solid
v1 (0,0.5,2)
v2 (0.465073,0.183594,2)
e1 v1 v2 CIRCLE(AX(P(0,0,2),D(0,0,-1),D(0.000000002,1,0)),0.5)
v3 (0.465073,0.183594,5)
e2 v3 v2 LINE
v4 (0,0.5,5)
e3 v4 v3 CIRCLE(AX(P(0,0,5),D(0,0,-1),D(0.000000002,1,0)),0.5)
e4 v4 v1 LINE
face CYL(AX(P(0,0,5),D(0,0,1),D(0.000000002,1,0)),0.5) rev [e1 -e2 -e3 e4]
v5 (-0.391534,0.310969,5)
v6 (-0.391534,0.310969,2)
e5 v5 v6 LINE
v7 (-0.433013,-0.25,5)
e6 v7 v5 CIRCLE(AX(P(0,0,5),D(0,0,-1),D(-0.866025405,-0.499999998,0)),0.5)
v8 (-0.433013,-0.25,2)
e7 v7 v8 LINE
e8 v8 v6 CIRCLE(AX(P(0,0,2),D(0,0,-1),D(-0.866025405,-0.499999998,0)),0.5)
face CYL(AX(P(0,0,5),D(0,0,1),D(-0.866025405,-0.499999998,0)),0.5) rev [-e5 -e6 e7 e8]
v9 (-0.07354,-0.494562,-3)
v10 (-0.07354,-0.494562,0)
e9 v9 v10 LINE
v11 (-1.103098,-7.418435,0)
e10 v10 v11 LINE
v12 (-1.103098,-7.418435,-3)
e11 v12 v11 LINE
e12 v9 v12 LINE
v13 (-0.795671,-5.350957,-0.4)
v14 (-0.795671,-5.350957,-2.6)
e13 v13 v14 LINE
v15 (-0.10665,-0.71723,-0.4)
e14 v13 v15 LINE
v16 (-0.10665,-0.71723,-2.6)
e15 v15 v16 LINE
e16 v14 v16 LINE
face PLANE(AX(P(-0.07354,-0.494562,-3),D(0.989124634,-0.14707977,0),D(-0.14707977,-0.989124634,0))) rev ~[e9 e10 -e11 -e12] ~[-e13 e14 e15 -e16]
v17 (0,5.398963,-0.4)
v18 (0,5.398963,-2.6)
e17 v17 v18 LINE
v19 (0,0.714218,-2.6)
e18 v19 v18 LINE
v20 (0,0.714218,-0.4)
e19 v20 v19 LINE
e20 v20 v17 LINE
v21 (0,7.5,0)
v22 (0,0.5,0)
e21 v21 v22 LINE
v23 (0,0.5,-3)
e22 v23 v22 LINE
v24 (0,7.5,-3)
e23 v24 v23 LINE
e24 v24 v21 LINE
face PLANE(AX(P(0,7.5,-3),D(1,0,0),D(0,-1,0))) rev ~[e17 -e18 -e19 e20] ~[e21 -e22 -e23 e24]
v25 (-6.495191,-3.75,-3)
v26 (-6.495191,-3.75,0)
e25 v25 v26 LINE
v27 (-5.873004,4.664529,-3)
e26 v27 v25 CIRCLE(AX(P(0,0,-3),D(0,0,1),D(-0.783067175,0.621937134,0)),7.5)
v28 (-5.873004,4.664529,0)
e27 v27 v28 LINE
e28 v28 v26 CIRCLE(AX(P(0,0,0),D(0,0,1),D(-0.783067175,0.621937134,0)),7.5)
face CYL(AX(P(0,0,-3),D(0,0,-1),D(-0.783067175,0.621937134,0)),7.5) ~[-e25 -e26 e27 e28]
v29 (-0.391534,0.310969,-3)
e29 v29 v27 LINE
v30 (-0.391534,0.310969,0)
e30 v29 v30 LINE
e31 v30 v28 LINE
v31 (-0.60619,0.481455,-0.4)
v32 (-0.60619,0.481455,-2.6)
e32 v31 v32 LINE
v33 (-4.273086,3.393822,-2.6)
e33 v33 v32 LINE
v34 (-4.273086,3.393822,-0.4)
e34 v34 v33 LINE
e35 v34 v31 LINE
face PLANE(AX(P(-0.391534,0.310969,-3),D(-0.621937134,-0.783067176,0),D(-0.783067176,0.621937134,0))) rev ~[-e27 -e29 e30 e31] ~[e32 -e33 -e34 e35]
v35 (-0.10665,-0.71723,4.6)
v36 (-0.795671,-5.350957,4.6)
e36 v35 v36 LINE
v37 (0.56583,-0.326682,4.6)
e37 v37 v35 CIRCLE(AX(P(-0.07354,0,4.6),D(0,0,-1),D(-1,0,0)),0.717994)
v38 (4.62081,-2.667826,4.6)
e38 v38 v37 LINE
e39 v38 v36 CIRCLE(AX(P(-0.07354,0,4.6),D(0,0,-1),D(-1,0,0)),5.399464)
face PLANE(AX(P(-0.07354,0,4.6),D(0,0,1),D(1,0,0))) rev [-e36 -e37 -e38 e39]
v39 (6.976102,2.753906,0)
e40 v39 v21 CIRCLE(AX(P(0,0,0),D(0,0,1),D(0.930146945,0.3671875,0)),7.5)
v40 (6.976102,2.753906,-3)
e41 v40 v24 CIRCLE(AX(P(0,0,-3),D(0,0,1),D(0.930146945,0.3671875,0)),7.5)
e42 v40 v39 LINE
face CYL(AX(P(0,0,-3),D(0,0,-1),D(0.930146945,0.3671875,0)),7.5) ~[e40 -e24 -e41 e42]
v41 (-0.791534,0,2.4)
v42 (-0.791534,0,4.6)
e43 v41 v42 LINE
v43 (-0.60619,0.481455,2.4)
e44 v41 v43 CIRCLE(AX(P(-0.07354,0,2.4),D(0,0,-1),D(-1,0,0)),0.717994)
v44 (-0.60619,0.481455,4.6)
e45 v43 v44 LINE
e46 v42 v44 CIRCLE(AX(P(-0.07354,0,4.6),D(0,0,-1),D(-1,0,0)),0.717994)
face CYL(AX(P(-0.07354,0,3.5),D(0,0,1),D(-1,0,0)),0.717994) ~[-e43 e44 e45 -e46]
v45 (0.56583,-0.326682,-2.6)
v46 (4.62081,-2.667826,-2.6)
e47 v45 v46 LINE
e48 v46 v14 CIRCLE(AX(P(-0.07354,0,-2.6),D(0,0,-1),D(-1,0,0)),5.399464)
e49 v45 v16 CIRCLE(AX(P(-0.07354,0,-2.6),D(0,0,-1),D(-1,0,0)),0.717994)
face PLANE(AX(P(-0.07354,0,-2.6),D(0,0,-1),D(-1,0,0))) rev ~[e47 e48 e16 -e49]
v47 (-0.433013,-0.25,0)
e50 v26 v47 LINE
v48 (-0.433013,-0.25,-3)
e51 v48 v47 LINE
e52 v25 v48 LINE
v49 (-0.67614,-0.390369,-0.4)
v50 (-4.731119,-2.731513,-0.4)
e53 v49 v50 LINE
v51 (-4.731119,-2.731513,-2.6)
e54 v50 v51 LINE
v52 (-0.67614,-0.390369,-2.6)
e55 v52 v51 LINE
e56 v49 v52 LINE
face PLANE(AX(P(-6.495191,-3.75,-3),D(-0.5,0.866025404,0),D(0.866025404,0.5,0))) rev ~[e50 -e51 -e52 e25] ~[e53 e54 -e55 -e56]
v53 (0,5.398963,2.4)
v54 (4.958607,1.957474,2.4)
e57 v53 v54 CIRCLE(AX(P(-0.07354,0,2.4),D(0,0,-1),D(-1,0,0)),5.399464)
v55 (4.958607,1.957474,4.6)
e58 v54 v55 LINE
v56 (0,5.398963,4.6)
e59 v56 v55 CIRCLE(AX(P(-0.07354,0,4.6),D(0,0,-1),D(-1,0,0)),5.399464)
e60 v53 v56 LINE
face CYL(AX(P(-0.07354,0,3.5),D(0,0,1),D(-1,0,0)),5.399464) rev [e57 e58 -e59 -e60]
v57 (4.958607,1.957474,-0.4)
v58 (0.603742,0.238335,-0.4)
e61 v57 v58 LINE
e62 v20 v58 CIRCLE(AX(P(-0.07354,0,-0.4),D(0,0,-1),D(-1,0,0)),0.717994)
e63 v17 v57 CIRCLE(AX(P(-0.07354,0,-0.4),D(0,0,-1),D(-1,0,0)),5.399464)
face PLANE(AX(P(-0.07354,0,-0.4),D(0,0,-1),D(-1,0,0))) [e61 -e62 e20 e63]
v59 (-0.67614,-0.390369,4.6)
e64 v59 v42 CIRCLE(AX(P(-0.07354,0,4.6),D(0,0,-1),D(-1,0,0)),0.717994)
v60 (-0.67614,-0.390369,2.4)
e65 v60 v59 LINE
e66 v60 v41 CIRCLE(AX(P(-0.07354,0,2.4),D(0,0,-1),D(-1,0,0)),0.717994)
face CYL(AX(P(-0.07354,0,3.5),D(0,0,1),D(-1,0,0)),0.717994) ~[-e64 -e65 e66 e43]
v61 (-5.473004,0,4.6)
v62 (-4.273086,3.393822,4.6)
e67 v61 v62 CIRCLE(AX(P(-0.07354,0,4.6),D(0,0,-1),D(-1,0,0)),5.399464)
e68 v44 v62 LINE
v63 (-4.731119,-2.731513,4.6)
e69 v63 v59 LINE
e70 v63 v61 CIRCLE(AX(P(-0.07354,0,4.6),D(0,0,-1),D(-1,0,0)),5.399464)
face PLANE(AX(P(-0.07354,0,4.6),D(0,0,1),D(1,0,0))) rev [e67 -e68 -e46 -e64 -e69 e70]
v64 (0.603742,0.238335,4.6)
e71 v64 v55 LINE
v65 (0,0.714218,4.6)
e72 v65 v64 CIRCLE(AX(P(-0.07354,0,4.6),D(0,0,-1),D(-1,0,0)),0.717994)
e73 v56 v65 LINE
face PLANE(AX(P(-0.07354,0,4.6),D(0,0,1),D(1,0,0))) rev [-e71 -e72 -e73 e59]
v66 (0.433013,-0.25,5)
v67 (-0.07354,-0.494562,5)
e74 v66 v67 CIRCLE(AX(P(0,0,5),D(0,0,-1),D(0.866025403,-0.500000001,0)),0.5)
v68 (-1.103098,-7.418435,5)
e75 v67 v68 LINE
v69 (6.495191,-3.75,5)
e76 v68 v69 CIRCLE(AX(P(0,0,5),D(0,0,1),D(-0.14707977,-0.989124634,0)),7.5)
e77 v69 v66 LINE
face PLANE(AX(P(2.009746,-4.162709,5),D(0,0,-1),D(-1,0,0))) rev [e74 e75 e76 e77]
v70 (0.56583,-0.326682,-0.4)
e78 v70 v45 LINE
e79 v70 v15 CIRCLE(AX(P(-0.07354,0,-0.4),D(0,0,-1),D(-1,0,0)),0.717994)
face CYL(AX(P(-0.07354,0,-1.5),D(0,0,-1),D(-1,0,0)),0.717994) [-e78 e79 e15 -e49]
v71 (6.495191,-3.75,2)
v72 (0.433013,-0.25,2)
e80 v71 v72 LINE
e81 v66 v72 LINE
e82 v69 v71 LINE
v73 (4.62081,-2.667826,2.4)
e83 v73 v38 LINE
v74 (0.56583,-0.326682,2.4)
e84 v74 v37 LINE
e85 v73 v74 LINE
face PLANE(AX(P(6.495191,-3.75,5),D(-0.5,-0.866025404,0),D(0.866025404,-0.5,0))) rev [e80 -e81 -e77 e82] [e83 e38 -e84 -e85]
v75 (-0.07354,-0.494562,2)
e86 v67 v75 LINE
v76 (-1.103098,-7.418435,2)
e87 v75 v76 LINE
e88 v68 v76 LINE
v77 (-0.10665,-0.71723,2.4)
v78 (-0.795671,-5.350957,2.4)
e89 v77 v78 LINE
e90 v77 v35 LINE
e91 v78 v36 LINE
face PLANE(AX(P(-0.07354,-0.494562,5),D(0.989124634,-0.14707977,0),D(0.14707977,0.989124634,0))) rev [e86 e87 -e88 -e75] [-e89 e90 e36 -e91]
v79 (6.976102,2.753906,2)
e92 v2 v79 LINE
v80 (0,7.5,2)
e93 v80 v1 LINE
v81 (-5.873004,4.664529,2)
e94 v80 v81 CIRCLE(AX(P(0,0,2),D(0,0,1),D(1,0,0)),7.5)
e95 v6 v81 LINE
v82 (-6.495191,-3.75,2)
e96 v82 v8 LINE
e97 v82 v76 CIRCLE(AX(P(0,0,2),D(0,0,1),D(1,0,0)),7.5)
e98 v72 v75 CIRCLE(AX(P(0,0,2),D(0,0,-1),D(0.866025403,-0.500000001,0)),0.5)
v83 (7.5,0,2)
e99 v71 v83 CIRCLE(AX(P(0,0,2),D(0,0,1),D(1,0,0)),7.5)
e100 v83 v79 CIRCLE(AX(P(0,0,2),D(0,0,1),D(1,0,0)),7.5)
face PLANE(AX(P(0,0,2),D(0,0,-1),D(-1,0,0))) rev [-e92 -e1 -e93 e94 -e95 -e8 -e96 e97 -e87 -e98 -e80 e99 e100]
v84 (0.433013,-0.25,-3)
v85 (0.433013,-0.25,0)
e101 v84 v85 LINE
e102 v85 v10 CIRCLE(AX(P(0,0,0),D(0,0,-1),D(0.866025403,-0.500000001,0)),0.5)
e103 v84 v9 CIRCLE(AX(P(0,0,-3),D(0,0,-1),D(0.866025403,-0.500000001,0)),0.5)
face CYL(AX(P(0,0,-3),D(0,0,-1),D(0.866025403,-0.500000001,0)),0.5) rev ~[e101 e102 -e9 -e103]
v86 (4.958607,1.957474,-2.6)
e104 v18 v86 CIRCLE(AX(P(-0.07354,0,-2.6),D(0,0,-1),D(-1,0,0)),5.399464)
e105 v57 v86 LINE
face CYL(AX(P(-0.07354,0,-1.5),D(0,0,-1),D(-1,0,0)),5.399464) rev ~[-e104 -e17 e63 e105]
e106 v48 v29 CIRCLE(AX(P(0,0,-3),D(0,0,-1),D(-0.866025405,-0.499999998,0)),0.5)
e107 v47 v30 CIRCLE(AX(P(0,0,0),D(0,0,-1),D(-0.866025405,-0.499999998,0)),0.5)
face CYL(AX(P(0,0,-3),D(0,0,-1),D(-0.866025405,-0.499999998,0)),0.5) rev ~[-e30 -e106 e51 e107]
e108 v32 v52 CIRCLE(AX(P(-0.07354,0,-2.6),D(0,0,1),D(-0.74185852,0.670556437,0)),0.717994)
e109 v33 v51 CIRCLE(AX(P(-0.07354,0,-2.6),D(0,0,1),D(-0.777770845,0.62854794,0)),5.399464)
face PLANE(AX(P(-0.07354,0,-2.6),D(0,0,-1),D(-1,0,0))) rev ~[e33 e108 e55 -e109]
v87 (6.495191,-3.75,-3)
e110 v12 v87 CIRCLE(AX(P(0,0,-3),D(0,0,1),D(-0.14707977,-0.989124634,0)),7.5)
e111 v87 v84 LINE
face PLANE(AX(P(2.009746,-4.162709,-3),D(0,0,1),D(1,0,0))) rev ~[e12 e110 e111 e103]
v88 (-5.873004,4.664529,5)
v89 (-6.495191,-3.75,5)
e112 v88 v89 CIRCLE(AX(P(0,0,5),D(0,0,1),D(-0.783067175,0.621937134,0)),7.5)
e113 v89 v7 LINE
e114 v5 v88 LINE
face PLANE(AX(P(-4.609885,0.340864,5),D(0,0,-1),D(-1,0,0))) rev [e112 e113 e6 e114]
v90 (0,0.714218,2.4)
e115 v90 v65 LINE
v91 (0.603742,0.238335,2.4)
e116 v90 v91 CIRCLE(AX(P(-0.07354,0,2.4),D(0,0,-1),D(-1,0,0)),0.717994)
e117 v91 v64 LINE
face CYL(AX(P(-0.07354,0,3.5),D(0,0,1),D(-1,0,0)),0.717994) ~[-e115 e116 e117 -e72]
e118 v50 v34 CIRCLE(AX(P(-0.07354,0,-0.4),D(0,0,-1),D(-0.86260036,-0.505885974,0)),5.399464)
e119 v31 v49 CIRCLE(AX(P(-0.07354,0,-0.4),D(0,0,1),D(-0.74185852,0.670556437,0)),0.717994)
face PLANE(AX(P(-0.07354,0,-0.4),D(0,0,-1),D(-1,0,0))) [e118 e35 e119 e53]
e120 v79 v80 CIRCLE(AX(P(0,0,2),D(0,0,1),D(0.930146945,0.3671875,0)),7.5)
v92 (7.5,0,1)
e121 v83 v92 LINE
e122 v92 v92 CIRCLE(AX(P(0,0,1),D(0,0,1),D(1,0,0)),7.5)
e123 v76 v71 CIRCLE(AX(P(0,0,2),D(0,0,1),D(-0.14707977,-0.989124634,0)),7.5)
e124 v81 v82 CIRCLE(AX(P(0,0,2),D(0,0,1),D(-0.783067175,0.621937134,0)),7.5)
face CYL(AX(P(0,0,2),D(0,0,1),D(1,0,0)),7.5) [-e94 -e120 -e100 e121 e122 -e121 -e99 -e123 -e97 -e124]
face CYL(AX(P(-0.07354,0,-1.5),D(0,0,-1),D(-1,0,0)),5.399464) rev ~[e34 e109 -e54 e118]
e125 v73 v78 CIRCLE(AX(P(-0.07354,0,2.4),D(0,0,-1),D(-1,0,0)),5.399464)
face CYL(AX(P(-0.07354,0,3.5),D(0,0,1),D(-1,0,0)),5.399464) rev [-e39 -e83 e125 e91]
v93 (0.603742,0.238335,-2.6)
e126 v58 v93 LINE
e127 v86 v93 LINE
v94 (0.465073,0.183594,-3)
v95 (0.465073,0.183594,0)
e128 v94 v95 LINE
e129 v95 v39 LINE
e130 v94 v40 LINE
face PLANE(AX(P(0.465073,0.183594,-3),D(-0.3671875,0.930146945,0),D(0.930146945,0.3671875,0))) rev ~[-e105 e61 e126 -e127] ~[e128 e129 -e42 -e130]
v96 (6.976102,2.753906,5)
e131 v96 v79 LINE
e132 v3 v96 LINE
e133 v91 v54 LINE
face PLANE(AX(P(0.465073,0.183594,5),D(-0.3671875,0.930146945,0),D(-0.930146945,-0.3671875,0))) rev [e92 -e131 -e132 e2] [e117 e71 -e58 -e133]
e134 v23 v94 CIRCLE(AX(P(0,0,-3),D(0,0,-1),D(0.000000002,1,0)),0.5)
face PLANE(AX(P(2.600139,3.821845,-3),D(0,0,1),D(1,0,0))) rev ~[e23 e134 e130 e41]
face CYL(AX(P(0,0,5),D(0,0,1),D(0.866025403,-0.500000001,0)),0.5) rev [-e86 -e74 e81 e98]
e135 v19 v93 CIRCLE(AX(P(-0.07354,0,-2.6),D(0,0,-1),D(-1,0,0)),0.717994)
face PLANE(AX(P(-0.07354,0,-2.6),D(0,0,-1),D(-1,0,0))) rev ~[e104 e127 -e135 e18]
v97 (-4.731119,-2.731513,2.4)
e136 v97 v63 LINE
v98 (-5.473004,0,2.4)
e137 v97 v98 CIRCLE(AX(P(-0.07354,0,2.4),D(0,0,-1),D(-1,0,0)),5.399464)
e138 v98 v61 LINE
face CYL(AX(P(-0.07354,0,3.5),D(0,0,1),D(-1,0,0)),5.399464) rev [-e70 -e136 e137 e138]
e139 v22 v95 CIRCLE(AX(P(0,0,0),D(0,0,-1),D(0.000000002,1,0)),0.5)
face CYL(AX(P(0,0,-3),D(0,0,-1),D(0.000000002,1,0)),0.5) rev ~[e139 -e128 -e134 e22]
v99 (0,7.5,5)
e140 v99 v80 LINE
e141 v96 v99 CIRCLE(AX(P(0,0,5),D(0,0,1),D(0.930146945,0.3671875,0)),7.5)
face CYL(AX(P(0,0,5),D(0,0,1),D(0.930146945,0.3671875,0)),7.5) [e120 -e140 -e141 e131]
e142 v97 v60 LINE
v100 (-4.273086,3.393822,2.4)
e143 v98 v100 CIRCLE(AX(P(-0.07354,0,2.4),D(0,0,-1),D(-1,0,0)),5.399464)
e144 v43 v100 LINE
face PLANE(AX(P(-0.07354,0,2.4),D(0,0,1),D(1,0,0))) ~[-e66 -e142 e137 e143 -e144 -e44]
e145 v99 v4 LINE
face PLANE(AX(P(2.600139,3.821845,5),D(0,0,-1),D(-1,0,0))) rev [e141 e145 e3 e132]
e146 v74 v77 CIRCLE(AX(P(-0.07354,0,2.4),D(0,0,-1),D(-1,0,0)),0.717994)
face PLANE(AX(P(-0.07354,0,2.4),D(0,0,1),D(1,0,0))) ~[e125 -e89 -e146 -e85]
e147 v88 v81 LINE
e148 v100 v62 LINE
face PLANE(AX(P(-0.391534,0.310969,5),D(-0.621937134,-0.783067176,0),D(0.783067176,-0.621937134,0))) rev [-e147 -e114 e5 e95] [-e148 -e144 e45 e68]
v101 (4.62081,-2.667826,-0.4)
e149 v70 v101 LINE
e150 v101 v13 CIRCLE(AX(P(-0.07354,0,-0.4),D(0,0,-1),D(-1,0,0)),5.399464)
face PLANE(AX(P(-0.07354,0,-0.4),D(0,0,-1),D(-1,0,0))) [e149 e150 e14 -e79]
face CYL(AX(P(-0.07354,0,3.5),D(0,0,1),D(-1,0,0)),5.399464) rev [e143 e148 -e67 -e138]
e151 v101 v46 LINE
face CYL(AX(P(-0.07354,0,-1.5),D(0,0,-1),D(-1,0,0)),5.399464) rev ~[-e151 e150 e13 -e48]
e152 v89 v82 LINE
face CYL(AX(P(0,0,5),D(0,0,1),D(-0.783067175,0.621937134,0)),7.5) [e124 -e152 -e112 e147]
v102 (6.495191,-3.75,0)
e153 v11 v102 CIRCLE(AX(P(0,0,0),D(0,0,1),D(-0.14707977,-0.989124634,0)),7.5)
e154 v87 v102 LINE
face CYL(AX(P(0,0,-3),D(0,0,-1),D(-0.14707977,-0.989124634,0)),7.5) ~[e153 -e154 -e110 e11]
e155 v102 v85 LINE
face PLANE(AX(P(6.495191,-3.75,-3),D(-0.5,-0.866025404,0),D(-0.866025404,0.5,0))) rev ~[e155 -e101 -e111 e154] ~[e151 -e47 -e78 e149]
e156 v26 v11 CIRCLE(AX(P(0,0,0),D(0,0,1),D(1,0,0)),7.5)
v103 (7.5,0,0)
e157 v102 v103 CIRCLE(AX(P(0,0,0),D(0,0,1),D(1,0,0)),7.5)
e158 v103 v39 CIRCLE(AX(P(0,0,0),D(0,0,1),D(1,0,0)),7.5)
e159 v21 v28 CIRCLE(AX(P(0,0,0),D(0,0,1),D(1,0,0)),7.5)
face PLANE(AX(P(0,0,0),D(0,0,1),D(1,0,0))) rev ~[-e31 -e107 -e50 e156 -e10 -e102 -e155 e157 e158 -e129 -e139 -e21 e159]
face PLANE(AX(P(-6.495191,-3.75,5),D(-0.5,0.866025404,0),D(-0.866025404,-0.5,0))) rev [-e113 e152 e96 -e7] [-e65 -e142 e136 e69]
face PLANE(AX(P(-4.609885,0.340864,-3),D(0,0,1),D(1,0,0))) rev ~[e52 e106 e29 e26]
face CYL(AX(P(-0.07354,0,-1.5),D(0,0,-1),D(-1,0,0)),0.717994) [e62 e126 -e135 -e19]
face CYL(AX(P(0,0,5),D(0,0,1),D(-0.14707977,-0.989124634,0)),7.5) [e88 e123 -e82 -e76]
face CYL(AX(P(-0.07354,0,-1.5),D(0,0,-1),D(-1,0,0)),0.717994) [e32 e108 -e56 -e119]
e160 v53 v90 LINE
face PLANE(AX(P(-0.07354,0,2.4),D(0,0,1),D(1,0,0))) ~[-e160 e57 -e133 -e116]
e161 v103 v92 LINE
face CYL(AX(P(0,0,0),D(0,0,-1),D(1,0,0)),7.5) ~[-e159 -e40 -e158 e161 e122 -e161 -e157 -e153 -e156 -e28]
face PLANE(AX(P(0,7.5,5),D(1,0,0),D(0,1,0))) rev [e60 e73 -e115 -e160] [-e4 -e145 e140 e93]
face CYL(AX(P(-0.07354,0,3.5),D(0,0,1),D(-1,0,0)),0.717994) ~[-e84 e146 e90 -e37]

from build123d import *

# Parameters (mm, degrees)
ESQUISSE1_R        = 7.5
BOSS_EXTRU_1_DEPTH = 1
EXTRU_MINCE1_START = -3
EXTRU_MINCE1_DEPTH = 3
ESQUISSE2_W        = 4.681470229
ESQUISSE2_H        = 2.2


with BuildPart() as part:
    # Esquisse1 → Boss.-Extru.1 (new body)
    with BuildSketch(Plane.XY):
        Circle(ESQUISSE1_R)
    boss_extru_1 = extrude(amount=BOSS_EXTRU_1_DEPTH)

    # Esquisse1<3> → Extru.-Mince1 (add)
    with BuildSketch(Plane.XY.offset(EXTRU_MINCE1_START)):
        with BuildLine():
            ThreePointArc((0, 0.5), (0.28125, 0.413398642), (0.465073473, 0.18359375))
            Line((0.465073473, 0.18359375), (6.97610209, 2.75390625))
            ThreePointArc((6.97610209, 2.75390625), (4.21875, 6.200979635), (0, 7.5))
            Line((0, 7.5), (0, 0.5))
        make_face()
        with BuildLine():
            ThreePointArc((0.433012702, -0.25), (0.217388726, -0.450268966), (-0.073539885, -0.494562317))
            Line((-0.073539885, -0.494562317), (-1.103098273, -7.418434754))
            ThreePointArc((-1.103098273, -7.418434754), (3.260830893, -6.75403449), (6.495190528, -3.75))
            Line((6.495190528, -3.75), (0.433012702, -0.25))
        make_face()
        with BuildLine():
            ThreePointArc((-0.433012702, -0.25), (-0.498638726, 0.036870324), (-0.391533588, 0.310968567))
            Line((-0.391533588, 0.310968567), (-5.873003817, 4.664528504))
            ThreePointArc((-5.873003817, 4.664528504), (-7.479580893, 0.553054855), (-6.495190528, -3.75))
            Line((-6.495190528, -3.75), (-0.433012702, -0.25))
        make_face()
    extru_mince1 = extrude(amount=EXTRU_MINCE1_DEPTH)

    # Esquisse2 → Enlèvement de matière-Révolution1 (revolve, cut)
    with BuildSketch(Plane(origin=(0, 0, 0), x_dir=(1, 0, 0), z_dir=(0, 1, 0))):
        with Locations((-3.132268703, 1.5)):
            Rectangle(ESQUISSE2_W, ESQUISSE2_H)
    enl_vement_de_mati_re_r_volution1 = revolve(axis=Axis((-0.073539885, 0, -0.058266309), (0, 0, -1)), mode=Mode.SUBTRACT)

    # Symétrie1: Boss.-Extru.1, Extru.-Mince1, Enlèvement de matière-Révolution1 across plane
    add(boss_extru_1.mirror(Plane.XY.offset(1)))
    add(extru_mince1.mirror(Plane.XY.offset(1)))
    add(enl_vement_de_mati_re_r_volution1.mirror(Plane.XY.offset(1)), mode=Mode.SUBTRACT)


solid = part.part
